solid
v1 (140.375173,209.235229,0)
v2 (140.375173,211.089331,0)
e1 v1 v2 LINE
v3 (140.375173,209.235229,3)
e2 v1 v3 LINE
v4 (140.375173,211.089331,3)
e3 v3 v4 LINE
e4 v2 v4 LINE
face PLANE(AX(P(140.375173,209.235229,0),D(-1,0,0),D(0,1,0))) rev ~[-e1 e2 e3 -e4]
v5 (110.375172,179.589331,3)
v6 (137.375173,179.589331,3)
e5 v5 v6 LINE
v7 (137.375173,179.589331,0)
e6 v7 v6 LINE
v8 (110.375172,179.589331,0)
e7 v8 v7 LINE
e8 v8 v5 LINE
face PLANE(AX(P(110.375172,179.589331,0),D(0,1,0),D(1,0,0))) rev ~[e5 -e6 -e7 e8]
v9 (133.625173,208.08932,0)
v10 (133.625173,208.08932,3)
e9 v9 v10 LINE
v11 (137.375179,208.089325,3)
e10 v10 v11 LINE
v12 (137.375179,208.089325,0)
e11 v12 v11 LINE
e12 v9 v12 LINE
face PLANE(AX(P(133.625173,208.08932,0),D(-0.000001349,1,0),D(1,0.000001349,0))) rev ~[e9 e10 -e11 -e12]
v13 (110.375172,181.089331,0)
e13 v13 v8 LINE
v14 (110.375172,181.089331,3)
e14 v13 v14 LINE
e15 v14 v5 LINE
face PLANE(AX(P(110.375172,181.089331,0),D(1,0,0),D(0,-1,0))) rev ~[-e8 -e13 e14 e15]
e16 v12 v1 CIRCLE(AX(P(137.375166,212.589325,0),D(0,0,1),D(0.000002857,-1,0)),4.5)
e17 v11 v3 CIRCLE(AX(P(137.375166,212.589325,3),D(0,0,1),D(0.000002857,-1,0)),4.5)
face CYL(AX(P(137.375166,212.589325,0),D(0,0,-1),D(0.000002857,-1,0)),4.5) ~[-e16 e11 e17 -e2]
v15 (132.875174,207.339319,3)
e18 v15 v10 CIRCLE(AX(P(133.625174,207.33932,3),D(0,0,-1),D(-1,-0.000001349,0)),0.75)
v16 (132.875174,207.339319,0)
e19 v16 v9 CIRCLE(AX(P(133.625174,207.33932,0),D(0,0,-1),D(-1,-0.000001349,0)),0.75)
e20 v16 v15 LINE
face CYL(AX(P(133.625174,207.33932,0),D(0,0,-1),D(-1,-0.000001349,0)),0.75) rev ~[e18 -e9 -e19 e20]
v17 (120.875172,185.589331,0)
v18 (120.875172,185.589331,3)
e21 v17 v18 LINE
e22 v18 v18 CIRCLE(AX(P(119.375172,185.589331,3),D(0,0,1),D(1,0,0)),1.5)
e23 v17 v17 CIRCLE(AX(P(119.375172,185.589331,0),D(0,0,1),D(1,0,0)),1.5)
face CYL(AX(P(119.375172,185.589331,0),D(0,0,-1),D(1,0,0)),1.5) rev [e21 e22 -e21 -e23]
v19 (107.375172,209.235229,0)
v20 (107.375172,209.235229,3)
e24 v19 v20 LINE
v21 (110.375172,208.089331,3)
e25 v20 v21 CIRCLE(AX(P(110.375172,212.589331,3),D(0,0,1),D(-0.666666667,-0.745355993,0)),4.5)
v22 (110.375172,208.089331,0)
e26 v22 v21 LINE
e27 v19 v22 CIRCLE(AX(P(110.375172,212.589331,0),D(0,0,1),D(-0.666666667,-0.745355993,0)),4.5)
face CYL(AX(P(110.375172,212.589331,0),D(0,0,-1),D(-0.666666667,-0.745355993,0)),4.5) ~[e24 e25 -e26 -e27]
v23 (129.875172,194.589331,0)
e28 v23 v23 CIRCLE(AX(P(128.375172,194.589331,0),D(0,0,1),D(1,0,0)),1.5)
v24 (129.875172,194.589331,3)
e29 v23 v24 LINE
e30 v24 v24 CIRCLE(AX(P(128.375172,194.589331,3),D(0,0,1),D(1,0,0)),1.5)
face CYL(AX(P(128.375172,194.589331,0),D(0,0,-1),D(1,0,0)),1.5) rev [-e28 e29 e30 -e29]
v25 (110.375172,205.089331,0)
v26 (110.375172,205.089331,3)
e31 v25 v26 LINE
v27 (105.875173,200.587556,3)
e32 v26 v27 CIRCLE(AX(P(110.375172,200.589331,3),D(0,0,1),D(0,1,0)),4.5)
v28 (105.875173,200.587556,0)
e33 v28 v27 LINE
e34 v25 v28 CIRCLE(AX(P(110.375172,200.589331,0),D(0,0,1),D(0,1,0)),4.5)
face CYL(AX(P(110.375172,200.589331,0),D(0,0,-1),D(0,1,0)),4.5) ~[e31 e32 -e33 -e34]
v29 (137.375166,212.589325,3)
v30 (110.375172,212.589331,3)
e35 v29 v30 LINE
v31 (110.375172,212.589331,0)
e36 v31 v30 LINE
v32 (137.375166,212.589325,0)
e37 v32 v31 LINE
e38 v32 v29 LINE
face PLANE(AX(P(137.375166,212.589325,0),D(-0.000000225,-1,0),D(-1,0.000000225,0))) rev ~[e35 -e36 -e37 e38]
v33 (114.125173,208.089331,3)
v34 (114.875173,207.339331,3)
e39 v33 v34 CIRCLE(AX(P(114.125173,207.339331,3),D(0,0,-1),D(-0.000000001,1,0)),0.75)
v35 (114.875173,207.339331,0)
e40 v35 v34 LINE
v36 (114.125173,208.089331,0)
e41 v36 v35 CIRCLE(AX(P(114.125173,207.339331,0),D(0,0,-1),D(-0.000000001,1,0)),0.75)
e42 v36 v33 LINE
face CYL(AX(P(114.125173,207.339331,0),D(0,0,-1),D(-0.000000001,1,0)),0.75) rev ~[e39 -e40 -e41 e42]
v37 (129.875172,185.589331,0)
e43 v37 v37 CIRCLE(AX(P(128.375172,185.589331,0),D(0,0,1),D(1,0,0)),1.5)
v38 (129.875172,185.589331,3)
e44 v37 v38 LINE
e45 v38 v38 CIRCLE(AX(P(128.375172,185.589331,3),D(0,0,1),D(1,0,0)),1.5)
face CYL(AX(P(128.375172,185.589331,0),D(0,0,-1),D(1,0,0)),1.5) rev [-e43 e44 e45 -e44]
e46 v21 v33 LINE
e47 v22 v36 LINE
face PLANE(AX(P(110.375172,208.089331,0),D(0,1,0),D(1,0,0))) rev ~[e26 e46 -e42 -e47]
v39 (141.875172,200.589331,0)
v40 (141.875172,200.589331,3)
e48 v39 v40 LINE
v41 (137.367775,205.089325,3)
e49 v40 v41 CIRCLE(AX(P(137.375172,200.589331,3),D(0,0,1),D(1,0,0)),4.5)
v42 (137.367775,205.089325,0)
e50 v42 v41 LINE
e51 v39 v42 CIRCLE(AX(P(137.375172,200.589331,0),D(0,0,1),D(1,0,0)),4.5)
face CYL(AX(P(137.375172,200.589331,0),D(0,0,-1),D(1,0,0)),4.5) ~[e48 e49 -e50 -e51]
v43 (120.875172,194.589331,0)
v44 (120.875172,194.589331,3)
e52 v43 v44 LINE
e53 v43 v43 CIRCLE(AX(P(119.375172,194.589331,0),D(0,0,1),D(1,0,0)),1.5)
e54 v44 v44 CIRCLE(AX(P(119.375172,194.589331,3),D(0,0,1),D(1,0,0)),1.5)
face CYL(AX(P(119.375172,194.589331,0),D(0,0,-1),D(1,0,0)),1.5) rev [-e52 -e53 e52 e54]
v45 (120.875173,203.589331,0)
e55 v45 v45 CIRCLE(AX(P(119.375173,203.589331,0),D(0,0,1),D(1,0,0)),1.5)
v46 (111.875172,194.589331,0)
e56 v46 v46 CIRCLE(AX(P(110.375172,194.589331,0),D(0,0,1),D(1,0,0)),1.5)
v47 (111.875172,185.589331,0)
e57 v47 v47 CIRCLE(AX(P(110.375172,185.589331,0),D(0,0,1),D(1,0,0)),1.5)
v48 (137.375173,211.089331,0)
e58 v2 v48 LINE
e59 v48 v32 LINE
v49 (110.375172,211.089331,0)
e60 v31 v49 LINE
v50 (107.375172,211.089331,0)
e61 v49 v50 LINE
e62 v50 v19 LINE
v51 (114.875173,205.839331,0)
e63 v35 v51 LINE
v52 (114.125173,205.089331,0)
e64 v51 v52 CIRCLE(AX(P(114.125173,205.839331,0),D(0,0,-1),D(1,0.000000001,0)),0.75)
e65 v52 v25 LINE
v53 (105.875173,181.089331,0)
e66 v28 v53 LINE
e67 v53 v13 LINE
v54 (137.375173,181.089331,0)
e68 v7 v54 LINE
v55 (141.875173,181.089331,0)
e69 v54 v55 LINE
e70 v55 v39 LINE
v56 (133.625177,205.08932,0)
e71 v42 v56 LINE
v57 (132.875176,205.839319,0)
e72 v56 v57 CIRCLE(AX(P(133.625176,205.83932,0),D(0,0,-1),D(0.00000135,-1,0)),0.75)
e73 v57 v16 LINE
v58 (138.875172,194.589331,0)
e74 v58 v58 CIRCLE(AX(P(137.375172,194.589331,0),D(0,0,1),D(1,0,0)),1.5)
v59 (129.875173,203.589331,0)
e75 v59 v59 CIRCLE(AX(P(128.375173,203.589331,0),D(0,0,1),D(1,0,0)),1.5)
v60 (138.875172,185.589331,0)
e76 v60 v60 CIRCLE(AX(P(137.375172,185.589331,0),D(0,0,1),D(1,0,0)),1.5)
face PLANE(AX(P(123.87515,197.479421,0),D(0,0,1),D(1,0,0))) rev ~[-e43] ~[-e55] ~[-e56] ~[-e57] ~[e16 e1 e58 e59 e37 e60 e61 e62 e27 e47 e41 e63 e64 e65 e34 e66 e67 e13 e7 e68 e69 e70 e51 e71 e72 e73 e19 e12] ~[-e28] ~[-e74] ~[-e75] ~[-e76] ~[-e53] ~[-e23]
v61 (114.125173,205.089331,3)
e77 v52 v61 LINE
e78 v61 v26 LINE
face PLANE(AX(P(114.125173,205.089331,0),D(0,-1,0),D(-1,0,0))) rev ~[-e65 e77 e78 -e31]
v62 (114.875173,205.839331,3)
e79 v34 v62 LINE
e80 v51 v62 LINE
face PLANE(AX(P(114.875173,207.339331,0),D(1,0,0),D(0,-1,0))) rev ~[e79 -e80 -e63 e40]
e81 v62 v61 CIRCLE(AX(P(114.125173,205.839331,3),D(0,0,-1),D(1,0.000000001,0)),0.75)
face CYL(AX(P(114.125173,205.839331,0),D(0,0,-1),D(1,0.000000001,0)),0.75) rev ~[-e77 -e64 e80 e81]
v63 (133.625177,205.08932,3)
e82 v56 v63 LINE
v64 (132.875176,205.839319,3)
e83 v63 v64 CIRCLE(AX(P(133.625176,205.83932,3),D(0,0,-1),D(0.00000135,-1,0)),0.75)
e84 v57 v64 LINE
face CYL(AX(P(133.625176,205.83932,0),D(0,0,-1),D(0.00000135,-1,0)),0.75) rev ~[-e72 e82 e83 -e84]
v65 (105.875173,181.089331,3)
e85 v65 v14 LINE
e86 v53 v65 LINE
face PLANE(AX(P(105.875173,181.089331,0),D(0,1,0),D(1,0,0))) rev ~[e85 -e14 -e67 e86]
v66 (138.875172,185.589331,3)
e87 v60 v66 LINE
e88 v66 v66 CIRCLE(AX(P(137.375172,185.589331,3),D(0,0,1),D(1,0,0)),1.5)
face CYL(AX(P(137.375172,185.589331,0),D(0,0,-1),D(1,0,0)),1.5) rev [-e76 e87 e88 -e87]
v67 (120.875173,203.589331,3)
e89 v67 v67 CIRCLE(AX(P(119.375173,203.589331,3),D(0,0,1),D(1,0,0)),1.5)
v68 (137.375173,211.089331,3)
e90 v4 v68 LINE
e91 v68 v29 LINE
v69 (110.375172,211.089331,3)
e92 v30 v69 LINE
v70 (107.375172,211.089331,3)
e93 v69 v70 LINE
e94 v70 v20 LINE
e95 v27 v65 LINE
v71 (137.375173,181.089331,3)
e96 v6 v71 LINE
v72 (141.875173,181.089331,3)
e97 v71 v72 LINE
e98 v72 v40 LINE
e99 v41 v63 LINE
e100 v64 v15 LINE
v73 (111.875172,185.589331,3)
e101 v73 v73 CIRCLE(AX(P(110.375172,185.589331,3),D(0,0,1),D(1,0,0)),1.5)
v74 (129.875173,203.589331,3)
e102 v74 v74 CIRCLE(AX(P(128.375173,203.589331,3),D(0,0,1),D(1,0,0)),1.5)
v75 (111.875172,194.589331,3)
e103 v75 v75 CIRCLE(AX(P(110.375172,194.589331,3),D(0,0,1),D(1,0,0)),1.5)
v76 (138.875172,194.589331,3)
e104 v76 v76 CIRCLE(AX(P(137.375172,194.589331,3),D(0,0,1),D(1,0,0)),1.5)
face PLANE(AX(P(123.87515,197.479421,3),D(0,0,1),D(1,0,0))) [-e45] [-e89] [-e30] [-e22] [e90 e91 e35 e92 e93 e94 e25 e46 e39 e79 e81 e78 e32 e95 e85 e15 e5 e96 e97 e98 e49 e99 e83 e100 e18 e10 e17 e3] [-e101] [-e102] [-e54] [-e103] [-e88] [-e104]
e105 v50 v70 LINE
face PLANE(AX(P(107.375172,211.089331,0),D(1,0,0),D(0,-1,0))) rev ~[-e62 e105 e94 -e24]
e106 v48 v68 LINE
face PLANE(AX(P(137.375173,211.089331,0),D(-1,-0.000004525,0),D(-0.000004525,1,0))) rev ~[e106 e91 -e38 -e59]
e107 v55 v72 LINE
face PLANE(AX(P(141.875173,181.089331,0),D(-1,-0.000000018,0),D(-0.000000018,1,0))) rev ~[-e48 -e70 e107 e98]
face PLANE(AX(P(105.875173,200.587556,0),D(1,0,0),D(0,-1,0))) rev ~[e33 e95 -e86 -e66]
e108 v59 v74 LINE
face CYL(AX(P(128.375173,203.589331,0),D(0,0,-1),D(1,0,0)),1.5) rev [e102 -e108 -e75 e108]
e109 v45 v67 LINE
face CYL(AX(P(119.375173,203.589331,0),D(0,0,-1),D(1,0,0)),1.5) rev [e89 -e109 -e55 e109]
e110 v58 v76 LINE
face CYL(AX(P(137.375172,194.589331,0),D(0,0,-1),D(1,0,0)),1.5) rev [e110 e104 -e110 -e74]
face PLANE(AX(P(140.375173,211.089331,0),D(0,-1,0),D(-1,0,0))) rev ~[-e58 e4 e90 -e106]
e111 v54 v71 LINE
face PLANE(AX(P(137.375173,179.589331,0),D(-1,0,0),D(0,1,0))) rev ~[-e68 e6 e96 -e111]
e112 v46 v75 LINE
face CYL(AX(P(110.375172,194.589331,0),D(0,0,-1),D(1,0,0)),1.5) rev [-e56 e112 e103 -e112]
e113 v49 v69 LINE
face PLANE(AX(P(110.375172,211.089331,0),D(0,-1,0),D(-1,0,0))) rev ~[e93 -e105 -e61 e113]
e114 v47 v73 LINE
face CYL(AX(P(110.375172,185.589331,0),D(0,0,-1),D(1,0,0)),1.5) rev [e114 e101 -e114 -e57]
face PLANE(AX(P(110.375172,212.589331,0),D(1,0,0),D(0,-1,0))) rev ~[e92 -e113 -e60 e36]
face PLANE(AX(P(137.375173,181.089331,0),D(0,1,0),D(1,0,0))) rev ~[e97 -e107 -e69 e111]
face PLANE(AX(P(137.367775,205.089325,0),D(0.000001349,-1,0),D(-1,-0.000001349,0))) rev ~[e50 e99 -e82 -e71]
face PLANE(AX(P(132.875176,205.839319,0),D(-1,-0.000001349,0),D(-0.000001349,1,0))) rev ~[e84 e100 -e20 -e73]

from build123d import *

# Parameters (mm, degrees)
MODEL_R                 = 1.5
SALIENTE_EXTRUIR1_DEPTH = 3


with BuildPart() as part:
    # Model → Saliente-Extruir1 (new body)
    with BuildSketch(Plane.XY):
        with BuildLine():
            Line((110.375172306, 212.589330986), (110.375172306, 211.089330986))
            Line((110.375172306, 211.089330986), (107.375172306, 211.089330986))
            Line((107.375172306, 211.089330986), (107.375172306, 209.23522902))
            ThreePointArc((107.375172306, 209.23522902), (108.769472902, 208.385555371), (110.375172306, 208.089330986))
            Line((110.375172306, 208.089330986), (114.125172656, 208.089330986))
            ThreePointArc((114.125172656, 208.089330986), (114.655502742, 207.869661072), (114.875172656, 207.339330986))
            Line((114.875172656, 207.339330986), (114.875172656, 205.839330986))
            ThreePointArc((114.875172656, 205.839330986), (114.655502742, 205.3090009), (114.125172656, 205.089330986))
            Line((114.125172656, 205.089330986), (110.375172306, 205.089330986))
            ThreePointArc((110.375172306, 205.089330986), (107.192564198, 203.770683786), (105.875172656, 200.587555713))
            Line((105.875172656, 200.587555713), (105.875172656, 181.089330986))
            Line((105.875172656, 181.089330986), (110.375172306, 181.089330986))
            Line((110.375172306, 181.089330986), (110.375172306, 179.589330986))
            Line((110.375172306, 179.589330986), (137.375172656, 179.589330986))
            Line((137.375172656, 179.589330986), (137.375172656, 181.089330986))
            Line((137.375172656, 181.089330986), (141.875172656, 181.089330986))
            Line((141.875172656, 181.089330986), (141.875172306, 200.589330986))
            ThreePointArc((141.875172306, 200.589330986), (140.554536331, 203.773925842), (137.367774797, 205.089324906))
            Line((137.367774797, 205.089324906), (133.625176703, 205.089319857))
            ThreePointArc((133.625176703, 205.089319857), (133.09484632, 205.308989056), (132.875175691, 205.839318846))
            Line((132.875175691, 205.839318846), (132.875173667, 207.339318846))
            ThreePointArc((132.875173667, 207.339318846), (133.094842866, 207.869649228), (133.625172656, 208.089319857))
            Line((133.625172656, 208.089319857), (137.375178726, 208.089324916))
            ThreePointArc((137.375178726, 208.089324916), (138.980875531, 208.385553219), (140.375172656, 209.23522902))
            Line((140.375172656, 209.23522902), (140.375172656, 211.089330986))
            Line((140.375172656, 211.089330986), (137.375172656, 211.089330986))
            Line((137.375172656, 211.089330986), (137.375165869, 212.589324916))
            Line((137.375165869, 212.589324916), (110.375172306, 212.589330986))
        make_face()
        with Locations((110.375172306, 185.589330986)):
            Circle(MODEL_R, mode=Mode.SUBTRACT)
        with Locations((119.375172306, 185.589330986)):
            Circle(MODEL_R, mode=Mode.SUBTRACT)
        with Locations((110.375172306, 194.589330986)):
            Circle(MODEL_R, mode=Mode.SUBTRACT)
        with Locations((119.375172306, 194.589330986)):
            Circle(MODEL_R, mode=Mode.SUBTRACT)
        with Locations((128.375172306, 185.589330986)):
            Circle(MODEL_R, mode=Mode.SUBTRACT)
        with Locations((137.375172306, 185.589330986)):
            Circle(MODEL_R, mode=Mode.SUBTRACT)
        with Locations((128.375172306, 194.589330986)):
            Circle(MODEL_R, mode=Mode.SUBTRACT)
        with Locations((137.375172306, 194.589330986)):
            Circle(MODEL_R, mode=Mode.SUBTRACT)
        with Locations((119.375172656, 203.589330986)):
            Circle(MODEL_R, mode=Mode.SUBTRACT)
        with Locations((128.375172656, 203.589330986)):
            Circle(MODEL_R, mode=Mode.SUBTRACT)
    extrude(amount=SALIENTE_EXTRUIR1_DEPTH)


solid = part.part
